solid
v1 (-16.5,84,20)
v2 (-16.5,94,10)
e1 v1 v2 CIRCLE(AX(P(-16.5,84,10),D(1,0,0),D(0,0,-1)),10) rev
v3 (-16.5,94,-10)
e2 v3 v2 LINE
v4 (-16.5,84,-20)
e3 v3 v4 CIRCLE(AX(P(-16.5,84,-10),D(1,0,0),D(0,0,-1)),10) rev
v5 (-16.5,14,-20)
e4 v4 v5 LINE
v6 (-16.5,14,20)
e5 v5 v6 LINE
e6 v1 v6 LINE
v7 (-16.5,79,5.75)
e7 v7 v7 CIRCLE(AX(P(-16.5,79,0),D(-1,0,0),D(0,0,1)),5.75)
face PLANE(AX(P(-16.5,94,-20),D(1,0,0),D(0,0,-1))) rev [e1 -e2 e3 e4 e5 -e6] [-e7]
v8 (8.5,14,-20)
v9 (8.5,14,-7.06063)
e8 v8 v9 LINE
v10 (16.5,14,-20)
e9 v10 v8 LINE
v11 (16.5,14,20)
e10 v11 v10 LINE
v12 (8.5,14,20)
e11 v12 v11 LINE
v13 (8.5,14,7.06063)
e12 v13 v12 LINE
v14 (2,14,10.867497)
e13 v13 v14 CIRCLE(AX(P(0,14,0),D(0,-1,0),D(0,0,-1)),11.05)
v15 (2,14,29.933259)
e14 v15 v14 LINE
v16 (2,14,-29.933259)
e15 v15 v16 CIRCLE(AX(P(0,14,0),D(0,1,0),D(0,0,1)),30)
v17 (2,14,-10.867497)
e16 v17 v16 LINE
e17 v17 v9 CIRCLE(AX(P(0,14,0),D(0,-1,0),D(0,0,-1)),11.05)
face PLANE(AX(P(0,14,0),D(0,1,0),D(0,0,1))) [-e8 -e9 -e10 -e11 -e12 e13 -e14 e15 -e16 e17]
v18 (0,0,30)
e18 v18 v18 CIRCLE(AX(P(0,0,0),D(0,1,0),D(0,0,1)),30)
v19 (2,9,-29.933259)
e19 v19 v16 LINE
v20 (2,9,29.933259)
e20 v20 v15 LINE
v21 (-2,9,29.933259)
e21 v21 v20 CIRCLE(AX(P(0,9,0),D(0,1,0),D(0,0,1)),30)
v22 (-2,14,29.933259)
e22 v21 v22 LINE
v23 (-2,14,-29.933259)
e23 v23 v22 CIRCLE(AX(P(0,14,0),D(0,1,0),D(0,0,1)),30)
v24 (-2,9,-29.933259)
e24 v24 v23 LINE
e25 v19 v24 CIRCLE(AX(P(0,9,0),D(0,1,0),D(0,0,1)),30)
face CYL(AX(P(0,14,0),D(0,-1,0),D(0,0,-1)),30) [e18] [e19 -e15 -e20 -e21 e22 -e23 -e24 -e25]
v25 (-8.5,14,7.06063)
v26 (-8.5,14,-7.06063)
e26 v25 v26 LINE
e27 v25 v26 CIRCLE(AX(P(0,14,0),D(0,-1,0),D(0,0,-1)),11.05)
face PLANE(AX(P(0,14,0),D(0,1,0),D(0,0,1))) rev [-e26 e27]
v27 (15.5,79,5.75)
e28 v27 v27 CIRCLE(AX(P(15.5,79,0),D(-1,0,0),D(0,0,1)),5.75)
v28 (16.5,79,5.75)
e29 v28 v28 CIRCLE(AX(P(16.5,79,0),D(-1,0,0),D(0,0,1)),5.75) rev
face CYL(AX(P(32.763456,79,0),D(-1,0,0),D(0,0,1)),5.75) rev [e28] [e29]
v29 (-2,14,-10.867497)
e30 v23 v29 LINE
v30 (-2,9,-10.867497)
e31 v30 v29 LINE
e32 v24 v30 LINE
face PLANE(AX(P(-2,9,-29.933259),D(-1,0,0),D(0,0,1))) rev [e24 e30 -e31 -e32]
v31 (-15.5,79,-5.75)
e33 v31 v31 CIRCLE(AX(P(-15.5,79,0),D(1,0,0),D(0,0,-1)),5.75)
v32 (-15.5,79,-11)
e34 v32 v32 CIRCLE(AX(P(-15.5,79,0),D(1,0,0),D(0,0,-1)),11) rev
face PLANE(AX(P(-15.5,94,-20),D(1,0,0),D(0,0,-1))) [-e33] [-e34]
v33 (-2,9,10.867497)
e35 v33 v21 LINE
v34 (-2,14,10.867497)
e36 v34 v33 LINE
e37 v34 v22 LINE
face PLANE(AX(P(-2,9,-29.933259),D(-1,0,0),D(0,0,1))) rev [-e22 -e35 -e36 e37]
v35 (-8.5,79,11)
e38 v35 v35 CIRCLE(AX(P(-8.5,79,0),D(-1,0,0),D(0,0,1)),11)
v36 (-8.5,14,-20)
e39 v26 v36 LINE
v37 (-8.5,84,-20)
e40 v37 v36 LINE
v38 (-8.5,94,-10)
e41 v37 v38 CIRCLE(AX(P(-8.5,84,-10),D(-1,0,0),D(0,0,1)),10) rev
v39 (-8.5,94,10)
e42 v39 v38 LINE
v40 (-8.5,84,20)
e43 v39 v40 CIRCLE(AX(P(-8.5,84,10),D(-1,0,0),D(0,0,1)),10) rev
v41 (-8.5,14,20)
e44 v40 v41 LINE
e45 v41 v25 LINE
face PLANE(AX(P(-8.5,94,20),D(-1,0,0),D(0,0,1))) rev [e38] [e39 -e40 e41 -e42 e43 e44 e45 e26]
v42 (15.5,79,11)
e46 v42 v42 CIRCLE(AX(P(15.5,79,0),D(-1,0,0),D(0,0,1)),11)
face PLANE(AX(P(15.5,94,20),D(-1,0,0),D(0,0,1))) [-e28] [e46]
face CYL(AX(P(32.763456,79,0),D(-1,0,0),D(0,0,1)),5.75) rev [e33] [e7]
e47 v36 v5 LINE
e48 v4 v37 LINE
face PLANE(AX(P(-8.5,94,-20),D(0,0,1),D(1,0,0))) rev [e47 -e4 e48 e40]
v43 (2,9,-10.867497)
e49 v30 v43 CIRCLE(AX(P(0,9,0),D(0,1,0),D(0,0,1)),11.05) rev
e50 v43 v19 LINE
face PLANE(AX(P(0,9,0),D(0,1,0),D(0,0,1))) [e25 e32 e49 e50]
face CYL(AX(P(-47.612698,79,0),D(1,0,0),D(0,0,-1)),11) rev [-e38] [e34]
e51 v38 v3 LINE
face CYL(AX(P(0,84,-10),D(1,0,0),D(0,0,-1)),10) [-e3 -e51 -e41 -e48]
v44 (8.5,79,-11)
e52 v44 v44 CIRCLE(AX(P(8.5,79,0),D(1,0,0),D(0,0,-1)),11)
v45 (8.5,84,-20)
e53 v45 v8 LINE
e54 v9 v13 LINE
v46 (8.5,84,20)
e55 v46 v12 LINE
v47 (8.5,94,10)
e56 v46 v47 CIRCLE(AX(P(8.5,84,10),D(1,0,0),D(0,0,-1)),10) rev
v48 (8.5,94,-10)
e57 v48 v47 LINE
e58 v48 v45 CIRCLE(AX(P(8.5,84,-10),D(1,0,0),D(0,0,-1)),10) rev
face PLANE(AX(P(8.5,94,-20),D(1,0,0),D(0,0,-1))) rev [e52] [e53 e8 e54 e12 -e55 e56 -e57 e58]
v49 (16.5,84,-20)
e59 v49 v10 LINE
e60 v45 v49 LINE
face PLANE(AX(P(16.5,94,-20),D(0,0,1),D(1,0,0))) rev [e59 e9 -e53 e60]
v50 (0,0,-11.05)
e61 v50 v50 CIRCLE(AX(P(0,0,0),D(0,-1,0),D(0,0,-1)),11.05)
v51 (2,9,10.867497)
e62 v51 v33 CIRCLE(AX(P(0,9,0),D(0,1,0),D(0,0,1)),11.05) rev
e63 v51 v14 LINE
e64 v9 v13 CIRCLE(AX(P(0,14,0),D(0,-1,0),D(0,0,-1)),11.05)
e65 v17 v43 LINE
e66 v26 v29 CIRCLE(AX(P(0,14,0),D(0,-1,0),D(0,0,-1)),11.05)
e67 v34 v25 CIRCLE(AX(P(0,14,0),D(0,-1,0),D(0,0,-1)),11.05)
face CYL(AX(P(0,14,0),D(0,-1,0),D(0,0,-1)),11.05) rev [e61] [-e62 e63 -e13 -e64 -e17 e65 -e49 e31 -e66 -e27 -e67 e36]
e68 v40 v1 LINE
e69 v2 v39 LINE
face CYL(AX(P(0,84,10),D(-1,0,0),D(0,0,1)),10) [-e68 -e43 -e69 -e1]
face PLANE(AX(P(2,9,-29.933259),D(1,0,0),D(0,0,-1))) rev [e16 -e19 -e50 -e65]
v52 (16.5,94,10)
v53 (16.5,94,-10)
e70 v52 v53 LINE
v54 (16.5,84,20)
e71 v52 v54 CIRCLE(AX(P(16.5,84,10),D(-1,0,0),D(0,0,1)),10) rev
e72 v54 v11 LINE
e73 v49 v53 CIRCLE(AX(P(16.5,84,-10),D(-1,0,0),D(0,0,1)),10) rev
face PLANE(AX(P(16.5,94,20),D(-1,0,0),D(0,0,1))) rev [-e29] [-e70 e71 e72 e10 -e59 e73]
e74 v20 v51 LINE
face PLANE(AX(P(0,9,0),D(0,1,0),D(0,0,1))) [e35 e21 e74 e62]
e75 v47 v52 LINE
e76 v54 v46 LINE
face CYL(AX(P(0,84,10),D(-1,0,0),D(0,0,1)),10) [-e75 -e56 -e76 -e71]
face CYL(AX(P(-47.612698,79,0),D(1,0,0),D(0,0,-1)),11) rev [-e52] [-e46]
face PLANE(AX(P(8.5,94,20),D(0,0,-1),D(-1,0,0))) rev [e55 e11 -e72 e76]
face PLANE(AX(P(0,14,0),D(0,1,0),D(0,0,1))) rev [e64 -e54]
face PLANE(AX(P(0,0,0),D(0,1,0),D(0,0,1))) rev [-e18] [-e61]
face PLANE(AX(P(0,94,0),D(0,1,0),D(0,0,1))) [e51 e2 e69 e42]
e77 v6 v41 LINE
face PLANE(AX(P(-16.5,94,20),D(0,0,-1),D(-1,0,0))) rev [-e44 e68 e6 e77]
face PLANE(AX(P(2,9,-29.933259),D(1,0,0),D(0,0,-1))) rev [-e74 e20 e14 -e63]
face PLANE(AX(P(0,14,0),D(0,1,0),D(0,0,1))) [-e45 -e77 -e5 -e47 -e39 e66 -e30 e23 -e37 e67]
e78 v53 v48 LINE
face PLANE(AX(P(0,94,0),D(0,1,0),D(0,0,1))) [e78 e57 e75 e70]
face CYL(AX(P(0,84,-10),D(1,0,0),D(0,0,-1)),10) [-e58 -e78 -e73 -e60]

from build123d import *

# Parameters (mm, degrees)
SKETCH1_R               = 30
BOSS_EXTRUDE1_DEPTH     = 14
SKETCH2_R               = 11.05
CUT_EXTRUDE1_DEPTH      = 45.676615807
SKETCH5_W               = 8
SKETCH5_H               = 40
BOSS_EXTRUDE2_DEPTH     = 80
FILLET1_R               = 10
CUT_EXTRUDE4_START      = -5
CUT_EXTRUDE4_DEPTH      = 5
CUT_EXTRUDE5_DEPTH      = 15.5
CUT_EXTRUDE5_DEPTH_BACK = 15.5
SKETCH12_R              = 11
CUT_EXTRUDE6_REACH      = 111.079
SKETCH13_R              = 5.75


with BuildPart() as part:
    # Sketch1 → Boss-Extrude1 (new body)
    with BuildSketch(Plane(origin=(0, 0, 0), x_dir=(1, 0, 0), z_dir=(0, 1, 0))):
        with Locations(Location((0, 0, 0), (0, 0, 90))):
            Circle(SKETCH1_R)
    extrude(amount=BOSS_EXTRUDE1_DEPTH)

    # Sketch2 → Cut-Extrude1 (cut, through all)
    with BuildSketch(Plane.XZ):
        with Locations(Location((0, 0, 0), (0, 0, 270))):
            Circle(SKETCH2_R)
    extrude(amount=-CUT_EXTRUDE1_DEPTH, mode=Mode.SUBTRACT)

    # Sketch5 → Boss-Extrude2 (add)
    with BuildSketch(Plane(origin=(0, 14, 0), x_dir=(1, 0, 0), z_dir=(0, 1, 0))):
        with Locations((-12.5, 0)):
            Rectangle(SKETCH5_W, SKETCH5_H)
        with Locations((12.5, 0)):
            Rectangle(SKETCH5_W, SKETCH5_H)
    extrude(amount=BOSS_EXTRUDE2_DEPTH)

    # Fillet1
    fillet1_edges = [part.edges().sort_by_distance(p)[0] for p in [
        (-12.5, 94, 20),
        (-12.5, 94, -20),
        (12.5, 94, 20),
        (12.5, 94, -20),
    ]]
    fillet(fillet1_edges, radius=FILLET1_R)

    # Sketch8 → Cut-Extrude4 (cut)
    with BuildSketch(Plane(origin=(0, 14, 0), x_dir=(1, 0, 0), z_dir=(0, 1, 0)).offset(CUT_EXTRUDE4_START)):
        with BuildLine():
            Line((2, 29.933259094), (2, -29.933259094))
            ThreePointArc((2, -29.933259094), (0, -30), (-2, -29.933259094))
            Line((-2, -29.933259094), (-2, 29.933259094))
            ThreePointArc((-2, 29.933259094), (0, 30), (2, 29.933259094))
        make_face()
    extrude(amount=CUT_EXTRUDE4_DEPTH, mode=Mode.SUBTRACT)

    # Sketch12 → Cut-Extrude5 (cut, two sides: drawn at the far end of the back side and taken through both)
    with BuildSketch(Plane(origin=(0, 0, 0), x_dir=(0, 0, -1), z_dir=(1, 0, 0)).offset(-CUT_EXTRUDE5_DEPTH_BACK)):
        with Locations((0, 79)):
            Circle(SKETCH12_R)
    extrude(amount=CUT_EXTRUDE5_DEPTH + CUT_EXTRUDE5_DEPTH_BACK, mode=Mode.SUBTRACT)

    # Cut-Extrude6: up to this face of the body (flat: up to its plane)
    cut_extrude6_end = Plane(part.part.faces().sort_by_distance((16.5, 53.48656843, 0))[0])
    # Sketch13 → Cut-Extrude6 (cut, up to the picked face)
    with BuildSketch(Plane.ZY.offset(16.5), mode=Mode.PRIVATE) as cut_extrude6_sk1:
        with Locations((0, 79)):
            Circle(SKETCH13_R)
    cut_extrude6_tool1 = split(extrude(cut_extrude6_sk1.sketch, amount=-CUT_EXTRUDE6_REACH, mode=Mode.PRIVATE), bisect_by=cut_extrude6_end, keep=Keep.BOTH, mode=Mode.PRIVATE)
    add(cut_extrude6_tool1.solids().sort_by(Axis((-16.5, 79, 0), (1, 0, 0)))[0], mode=Mode.SUBTRACT)


solid = part.part
